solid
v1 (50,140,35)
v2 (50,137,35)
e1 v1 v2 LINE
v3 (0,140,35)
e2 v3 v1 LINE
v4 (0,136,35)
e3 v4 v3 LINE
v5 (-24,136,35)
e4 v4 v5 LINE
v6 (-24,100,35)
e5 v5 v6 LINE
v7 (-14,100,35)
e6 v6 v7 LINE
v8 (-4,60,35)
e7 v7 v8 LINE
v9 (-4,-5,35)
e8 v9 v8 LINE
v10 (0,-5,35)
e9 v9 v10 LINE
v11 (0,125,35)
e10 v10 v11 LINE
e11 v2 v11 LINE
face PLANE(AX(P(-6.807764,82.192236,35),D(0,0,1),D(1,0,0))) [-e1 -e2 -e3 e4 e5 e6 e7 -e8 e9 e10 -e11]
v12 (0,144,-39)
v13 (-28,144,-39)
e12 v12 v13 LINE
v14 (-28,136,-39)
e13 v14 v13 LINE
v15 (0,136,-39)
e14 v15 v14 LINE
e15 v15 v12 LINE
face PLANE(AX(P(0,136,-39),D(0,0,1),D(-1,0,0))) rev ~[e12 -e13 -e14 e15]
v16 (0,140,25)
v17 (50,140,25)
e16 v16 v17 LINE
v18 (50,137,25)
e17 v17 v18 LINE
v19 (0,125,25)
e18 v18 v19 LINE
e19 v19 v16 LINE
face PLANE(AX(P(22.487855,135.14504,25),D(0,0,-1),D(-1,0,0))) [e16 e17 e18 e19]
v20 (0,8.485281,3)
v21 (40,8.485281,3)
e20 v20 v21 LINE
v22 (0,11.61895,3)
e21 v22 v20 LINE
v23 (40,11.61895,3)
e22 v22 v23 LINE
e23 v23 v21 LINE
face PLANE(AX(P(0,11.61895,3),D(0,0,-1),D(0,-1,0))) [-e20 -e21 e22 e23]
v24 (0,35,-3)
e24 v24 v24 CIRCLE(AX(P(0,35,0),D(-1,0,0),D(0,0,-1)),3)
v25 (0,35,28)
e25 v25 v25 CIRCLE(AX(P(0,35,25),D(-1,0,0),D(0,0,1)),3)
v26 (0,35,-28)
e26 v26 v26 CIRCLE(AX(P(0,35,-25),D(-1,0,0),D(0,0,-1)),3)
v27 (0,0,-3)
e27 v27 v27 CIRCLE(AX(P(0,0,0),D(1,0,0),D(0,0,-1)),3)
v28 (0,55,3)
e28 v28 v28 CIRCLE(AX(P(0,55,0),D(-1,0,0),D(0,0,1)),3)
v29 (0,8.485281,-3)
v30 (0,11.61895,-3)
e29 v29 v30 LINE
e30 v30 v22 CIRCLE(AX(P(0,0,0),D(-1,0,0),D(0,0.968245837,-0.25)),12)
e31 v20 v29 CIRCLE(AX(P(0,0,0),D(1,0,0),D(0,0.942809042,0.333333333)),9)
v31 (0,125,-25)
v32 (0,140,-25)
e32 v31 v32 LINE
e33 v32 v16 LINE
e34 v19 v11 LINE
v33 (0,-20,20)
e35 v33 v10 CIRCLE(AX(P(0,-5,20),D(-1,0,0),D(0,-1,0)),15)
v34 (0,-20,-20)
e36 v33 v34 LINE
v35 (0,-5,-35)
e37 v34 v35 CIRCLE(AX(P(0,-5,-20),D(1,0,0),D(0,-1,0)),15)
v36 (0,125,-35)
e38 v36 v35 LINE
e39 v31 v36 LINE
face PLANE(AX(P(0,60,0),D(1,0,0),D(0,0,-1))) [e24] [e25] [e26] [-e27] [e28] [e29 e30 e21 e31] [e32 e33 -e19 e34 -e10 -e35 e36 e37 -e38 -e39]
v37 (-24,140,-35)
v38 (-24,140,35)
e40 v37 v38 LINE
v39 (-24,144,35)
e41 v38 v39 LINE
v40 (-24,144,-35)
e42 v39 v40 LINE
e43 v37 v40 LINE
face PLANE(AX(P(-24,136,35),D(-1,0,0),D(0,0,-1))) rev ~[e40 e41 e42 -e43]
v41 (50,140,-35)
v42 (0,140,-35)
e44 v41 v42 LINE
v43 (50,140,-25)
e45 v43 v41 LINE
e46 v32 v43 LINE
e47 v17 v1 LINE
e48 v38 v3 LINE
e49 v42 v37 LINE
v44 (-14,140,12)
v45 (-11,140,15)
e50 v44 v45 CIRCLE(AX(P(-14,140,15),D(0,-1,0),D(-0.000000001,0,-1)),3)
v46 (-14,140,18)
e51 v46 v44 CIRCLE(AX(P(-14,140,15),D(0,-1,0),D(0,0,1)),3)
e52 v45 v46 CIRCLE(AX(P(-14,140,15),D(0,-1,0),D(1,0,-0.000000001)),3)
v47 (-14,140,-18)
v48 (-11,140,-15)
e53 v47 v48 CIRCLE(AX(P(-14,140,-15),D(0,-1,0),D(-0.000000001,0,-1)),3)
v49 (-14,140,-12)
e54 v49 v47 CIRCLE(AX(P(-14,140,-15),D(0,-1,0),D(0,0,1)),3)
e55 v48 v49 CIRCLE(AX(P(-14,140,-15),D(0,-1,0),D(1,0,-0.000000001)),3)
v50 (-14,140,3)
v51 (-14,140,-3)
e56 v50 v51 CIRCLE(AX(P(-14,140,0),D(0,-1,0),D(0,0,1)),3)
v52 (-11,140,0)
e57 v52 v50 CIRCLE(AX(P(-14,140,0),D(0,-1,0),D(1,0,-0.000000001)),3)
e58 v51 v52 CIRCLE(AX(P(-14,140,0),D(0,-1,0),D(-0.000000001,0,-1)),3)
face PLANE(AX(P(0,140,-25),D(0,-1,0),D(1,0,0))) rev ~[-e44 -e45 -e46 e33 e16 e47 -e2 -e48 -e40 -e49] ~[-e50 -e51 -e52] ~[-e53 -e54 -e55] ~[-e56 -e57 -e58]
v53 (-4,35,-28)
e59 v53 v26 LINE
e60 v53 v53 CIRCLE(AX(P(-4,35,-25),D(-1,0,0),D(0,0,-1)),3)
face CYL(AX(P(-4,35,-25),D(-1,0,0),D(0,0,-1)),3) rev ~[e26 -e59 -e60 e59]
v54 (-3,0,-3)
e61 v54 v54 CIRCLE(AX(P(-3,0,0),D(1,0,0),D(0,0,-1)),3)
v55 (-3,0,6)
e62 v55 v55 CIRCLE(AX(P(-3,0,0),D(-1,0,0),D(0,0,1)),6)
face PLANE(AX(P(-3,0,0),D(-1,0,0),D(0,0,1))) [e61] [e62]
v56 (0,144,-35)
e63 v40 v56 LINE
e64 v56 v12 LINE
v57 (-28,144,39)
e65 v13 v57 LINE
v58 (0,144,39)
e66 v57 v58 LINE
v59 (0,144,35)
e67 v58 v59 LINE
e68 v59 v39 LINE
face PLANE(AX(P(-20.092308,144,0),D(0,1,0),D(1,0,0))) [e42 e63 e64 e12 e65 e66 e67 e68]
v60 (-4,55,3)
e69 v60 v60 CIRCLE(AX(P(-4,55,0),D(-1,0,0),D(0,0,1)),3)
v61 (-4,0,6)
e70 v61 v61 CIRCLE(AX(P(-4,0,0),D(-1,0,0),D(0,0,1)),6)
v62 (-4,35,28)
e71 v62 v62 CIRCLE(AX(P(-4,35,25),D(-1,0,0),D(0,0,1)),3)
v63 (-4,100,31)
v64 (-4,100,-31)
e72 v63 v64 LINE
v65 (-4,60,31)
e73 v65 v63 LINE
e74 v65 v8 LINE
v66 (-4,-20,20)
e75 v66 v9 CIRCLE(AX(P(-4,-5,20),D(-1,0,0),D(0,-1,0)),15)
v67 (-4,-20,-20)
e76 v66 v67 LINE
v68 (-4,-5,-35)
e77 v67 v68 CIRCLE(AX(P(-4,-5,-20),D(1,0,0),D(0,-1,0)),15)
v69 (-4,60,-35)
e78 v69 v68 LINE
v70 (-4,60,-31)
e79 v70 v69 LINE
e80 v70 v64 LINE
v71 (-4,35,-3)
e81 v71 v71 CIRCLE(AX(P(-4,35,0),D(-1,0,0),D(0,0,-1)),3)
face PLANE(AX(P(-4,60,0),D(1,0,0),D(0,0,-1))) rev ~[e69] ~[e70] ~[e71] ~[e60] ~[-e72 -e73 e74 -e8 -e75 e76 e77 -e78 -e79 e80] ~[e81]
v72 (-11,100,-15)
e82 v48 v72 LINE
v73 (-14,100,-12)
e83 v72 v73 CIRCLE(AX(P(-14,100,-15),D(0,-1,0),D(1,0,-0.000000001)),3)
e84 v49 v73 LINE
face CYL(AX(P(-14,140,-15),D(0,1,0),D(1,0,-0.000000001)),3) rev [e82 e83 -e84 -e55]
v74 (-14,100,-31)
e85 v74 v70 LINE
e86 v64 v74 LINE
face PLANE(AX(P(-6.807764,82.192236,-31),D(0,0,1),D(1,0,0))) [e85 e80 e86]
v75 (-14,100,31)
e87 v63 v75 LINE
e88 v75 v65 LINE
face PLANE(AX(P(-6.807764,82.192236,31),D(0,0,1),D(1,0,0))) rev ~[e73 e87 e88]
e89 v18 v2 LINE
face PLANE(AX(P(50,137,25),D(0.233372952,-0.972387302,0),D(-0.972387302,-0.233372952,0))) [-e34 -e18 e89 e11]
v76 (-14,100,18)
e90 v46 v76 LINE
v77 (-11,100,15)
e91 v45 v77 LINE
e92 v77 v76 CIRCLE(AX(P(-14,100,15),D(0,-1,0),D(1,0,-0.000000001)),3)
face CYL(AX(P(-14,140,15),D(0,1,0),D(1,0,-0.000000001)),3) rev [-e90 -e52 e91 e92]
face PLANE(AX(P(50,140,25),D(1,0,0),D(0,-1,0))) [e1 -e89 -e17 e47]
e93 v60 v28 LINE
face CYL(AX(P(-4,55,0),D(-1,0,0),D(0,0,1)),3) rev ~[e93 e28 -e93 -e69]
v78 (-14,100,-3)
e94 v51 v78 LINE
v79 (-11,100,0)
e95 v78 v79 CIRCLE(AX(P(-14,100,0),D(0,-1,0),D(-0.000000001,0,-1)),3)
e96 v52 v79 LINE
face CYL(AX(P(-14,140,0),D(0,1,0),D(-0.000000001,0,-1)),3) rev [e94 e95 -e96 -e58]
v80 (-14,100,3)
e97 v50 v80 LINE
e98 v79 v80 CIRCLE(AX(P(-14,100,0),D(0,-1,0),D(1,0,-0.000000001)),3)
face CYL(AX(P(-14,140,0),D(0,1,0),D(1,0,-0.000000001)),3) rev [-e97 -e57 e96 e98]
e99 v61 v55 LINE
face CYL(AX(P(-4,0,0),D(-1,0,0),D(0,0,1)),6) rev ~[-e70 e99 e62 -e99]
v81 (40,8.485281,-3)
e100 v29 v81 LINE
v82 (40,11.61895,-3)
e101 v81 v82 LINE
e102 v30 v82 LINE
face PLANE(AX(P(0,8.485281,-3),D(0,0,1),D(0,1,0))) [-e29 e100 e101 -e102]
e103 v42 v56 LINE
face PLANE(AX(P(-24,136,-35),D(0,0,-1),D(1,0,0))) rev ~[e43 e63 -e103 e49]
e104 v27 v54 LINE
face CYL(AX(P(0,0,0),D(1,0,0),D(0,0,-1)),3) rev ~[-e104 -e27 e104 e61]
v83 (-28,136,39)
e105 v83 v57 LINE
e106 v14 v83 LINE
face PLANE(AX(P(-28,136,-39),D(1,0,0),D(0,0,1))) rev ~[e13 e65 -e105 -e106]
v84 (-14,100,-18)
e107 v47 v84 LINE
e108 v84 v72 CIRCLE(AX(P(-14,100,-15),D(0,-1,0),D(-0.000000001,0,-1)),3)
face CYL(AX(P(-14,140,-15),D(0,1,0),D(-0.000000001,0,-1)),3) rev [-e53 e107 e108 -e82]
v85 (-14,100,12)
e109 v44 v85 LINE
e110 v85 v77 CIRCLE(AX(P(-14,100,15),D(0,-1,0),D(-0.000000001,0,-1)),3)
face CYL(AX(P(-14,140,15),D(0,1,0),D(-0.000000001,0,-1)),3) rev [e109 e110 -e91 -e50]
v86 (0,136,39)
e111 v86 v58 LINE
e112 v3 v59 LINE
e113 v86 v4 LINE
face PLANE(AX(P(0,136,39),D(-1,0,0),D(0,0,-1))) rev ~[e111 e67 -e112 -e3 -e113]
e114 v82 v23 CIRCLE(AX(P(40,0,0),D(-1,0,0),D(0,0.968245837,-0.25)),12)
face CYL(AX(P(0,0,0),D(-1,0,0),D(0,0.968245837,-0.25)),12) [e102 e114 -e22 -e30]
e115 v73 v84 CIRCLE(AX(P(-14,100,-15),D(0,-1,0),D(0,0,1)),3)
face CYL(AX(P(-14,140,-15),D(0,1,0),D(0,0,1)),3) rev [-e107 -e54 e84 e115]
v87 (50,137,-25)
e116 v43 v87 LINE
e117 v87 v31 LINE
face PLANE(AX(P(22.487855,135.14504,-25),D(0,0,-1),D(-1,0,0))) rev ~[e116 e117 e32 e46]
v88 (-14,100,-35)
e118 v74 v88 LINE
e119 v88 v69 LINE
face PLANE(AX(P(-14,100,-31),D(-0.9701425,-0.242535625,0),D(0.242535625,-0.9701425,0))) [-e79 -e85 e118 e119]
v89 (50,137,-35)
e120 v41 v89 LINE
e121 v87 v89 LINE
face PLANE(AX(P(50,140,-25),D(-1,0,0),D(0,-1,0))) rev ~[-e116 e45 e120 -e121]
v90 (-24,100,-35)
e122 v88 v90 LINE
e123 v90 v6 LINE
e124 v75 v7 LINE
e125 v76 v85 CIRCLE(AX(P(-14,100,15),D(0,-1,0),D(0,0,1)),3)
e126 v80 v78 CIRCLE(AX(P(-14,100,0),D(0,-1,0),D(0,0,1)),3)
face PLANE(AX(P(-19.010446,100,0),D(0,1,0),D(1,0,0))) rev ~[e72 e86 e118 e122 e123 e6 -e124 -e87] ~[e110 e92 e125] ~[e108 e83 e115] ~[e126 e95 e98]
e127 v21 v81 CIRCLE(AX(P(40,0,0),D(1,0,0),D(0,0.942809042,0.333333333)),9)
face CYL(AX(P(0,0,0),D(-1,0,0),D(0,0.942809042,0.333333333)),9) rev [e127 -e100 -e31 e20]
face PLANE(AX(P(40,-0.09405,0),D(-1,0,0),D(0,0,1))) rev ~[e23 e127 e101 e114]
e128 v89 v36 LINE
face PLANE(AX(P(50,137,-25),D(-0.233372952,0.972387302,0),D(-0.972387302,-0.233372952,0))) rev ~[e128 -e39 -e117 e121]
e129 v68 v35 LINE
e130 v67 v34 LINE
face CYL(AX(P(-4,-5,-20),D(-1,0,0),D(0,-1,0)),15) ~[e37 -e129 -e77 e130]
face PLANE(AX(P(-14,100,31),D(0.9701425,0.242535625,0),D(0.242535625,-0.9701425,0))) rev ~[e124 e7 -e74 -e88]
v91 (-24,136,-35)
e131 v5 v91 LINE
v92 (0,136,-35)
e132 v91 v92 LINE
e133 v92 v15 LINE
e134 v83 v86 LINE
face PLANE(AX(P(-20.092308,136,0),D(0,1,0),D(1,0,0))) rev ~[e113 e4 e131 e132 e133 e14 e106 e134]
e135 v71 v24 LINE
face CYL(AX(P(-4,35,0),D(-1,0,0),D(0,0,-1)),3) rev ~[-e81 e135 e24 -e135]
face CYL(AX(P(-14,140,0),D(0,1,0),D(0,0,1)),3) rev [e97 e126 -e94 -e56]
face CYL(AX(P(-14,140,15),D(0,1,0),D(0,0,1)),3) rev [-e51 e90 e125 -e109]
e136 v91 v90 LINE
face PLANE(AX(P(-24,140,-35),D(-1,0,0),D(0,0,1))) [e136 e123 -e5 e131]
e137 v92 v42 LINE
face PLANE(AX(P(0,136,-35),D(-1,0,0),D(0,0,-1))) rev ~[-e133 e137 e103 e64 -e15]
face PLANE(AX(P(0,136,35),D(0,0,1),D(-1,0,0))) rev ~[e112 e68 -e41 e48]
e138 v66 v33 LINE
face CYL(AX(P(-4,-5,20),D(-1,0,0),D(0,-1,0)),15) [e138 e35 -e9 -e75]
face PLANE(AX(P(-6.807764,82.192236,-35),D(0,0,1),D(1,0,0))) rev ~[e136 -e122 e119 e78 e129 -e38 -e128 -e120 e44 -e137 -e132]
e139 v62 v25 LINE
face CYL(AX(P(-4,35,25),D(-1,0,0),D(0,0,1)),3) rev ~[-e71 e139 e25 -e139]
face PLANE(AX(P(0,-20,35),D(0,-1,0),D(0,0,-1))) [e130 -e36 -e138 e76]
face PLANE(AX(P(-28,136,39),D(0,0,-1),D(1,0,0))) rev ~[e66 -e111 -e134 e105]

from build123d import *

# Parameters (mm, degrees)
SALIENTE_EXTRUIR1_DEPTH      = 40
SALIENTE_EXTRUIR2_DEPTH      = 4
CROQUIS3_R                   = 3
CORTAR_EXTRUIR1_DEPTH        = 4
CROQUIS4_R                   = 6
CORTAR_EXTRUIR2_DEPTH        = 1
SALIENTE_EXTRUIR3_DEPTH      = 40
SALIENTE_EXTRUIR4_START      = 25
SALIENTE_EXTRUIR4_DEPTH      = 10
SALIENTE_EXTRUIR5_START      = -25
SALIENTE_EXTRUIR5_DEPTH      = 10
SALIENTE_EXTRUIR6_DEPTH      = 4
SALIENTE_EXTRUIR6_DEPTH_BACK = 4
SALIENTE_EXTRUIR6_START      = 140
SALIENTE_EXTRUIR7_START      = 31
SALIENTE_EXTRUIR7_DEPTH      = 4
SALIENTE_EXTRUIR8_START      = -31
SALIENTE_EXTRUIR8_DEPTH      = 4
CORTAR_EXTRUIR3_DEPTH        = 4
CORTAR_EXTRUIR4_DEPTH        = 4
CROQUIS22_R                  = 3
CORTAR_EXTRUIR5_DEPTH        = 4


with BuildPart() as part:
    # Croquis1 → Saliente-Extruir1 (new body)
    with BuildSketch(Plane(origin=(0, 0, 0), x_dir=(0, 0, -1), z_dir=(1, 0, 0))):
        with BuildLine():
            Line((3, 9), (3, 11.618950039))
            ThreePointArc((3, 11.618950039), (0, -12), (-3, 11.618950039))
            Line((-3, 11.618950039), (-3, 9))
            Line((-3, 9), (-3, 8.485281374))
            ThreePointArc((-3, 8.485281374), (0, -9), (3, 8.485281374))
            Line((3, 8.485281374), (3, 9))
        make_face()
    extrude(amount=SALIENTE_EXTRUIR1_DEPTH)

    # Croquis2 → Saliente-Extruir2 (add)
    with BuildSketch(Plane.ZY):
        Polygon((-35, 0), (-35, 140), (35, 140), (35, 0), (35, -20), (-35, -20), align=None)
    extrude(amount=SALIENTE_EXTRUIR2_DEPTH)

    # Croquis3 → Cortar-Extruir1 (cut)
    with BuildSketch(Plane(origin=(0, 0, 0), x_dir=(0, 0, -1), z_dir=(1, 0, 0))):
        Circle(CROQUIS3_R)
    extrude(amount=-CORTAR_EXTRUIR1_DEPTH, mode=Mode.SUBTRACT)

    # Croquis4 → Cortar-Extruir2 (cut)
    with BuildSketch(Plane.ZY.offset(4)):
        Circle(CROQUIS4_R)
    extrude(amount=-CORTAR_EXTRUIR2_DEPTH, mode=Mode.SUBTRACT)

    # Croquis6 → Saliente-Extruir3 (add)
    with BuildSketch(Plane(origin=(0, 140, 0), x_dir=(1, 0, 0), z_dir=(0, 1, 0))):
        with BuildLine():
            Line((-14, 30), (-14, 35))
            Line((-14, 35), (-24, 35))
            Line((-24, 35), (-24, -35))
            Line((-24, -35), (-14, -35))
            Line((-14, -35), (-14, -30))
            Line((-14, -30), (-14, -18))
            ThreePointArc((-14, -18), (-17, -15), (-14, -12))
            Line((-14, -12), (-14, -3))
            ThreePointArc((-14, -3), (-17, 0), (-14, 3))
            Line((-14, 3), (-14, 12))
            ThreePointArc((-14, 12), (-17, 15), (-14, 18))
            Line((-14, 18), (-14, 30))
        make_face()
        with BuildLine():
            Line((-4, 35), (-14, 35))
            Line((-14, 35), (-14, 30))
            Line((-14, 30), (-14, 18))
            ThreePointArc((-14, 18), (-11.878679656, 17.121320344), (-11, 15))
            ThreePointArc((-11, 15), (-11.878679656, 12.878679656), (-14, 12))
            Line((-14, 12), (-14, 3))
            ThreePointArc((-14, 3), (-11.878679656, 2.121320344), (-11, 0))
            ThreePointArc((-11, 0), (-11.878679656, -2.121320344), (-14, -3))
            Line((-14, -3), (-14, -12))
            ThreePointArc((-14, -12), (-11.878679656, -12.878679656), (-11, -15))
            ThreePointArc((-11, -15), (-11.878679656, -17.121320344), (-14, -18))
            Line((-14, -18), (-14, -30))
            Line((-14, -30), (-14, -35))
            Line((-14, -35), (-4, -35))
            Line((-4, -35), (-4, 35))
        make_face()
    extrude(amount=-SALIENTE_EXTRUIR3_DEPTH)

    # Croquis7 → Saliente-Extruir4 (add)
    with BuildSketch(Plane.XY.offset(SALIENTE_EXTRUIR4_START)):
        Polygon((0, 140), (50, 140), (50, 137), (0, 125), align=None)
    extrude(amount=SALIENTE_EXTRUIR4_DEPTH)

    # Croquis8 → Saliente-Extruir5 (add)
    with BuildSketch(Plane.XY.offset(SALIENTE_EXTRUIR5_START)):
        Polygon((0, 140), (50, 140), (50, 137), (0, 125), align=None)
    extrude(amount=-SALIENTE_EXTRUIR5_DEPTH)

    # Croquis9 → Saliente-Extruir6 (add, two sides: drawn at the far end of the back side and taken through both)
    with BuildSketch(Plane(origin=(0, 0, 0), x_dir=(1, 0, 0), z_dir=(0, 1, 0)).offset(SALIENTE_EXTRUIR6_START - SALIENTE_EXTRUIR6_DEPTH_BACK)):
        Polygon((0, 35), (0, 39), (-28, 39), (-28, -39), (-24, -39), (0, -39), (0, -35), (-24, -35), (-24, 35), align=None)
    extrude(amount=SALIENTE_EXTRUIR6_DEPTH + SALIENTE_EXTRUIR6_DEPTH_BACK)

    # Croquis16 → Saliente-Extruir7 (add)
    with BuildSketch(Plane.XY.offset(SALIENTE_EXTRUIR7_START)):
        Polygon((-14, 100), (-4, 60), (-4, 100), align=None)
    extrude(amount=SALIENTE_EXTRUIR7_DEPTH)

    # Croquis17 → Saliente-Extruir8 (add)
    with BuildSketch(Plane.XY.offset(SALIENTE_EXTRUIR8_START)):
        Polygon((-4, 100), (-14, 100), (-4, 60), align=None)
    extrude(amount=-SALIENTE_EXTRUIR8_DEPTH)

    # Croquis19 → Cortar-Extruir3 (cut)
    with BuildSketch(Plane.ZY.offset(4)):
        with BuildLine():
            Line((-35, -20), (-20, -20))
            ThreePointArc((-20, -20), (-30.606601718, -15.606601718), (-35, -5))
            Line((-35, -5), (-35, -20))
        make_face()
        with BuildLine():
            Line((35, -20), (20, -20))
            ThreePointArc((20, -20), (30.606601718, -15.606601718), (35, -5))
            Line((35, -5), (35, -20))
        make_face()
    extrude(amount=-CORTAR_EXTRUIR3_DEPTH, mode=Mode.SUBTRACT)

    # Croquis20 → Cortar-Extruir4 (cut)
    with BuildSketch(Plane.ZY.offset(4)):
        with BuildLine():
            ThreePointArc((-22, 35), (-25, 38), (-28, 35))
            Line((-28, 35), (-22, 35))
        make_face()
        with BuildLine():
            Line((-22, 35), (-28, 35))
            ThreePointArc((-28, 35), (-25, 32), (-22, 35))
        make_face()
        with BuildLine():
            ThreePointArc((3, 35), (0, 38), (-3, 35))
            Line((-3, 35), (3, 35))
        make_face()
        with BuildLine():
            Line((3, 35), (-3, 35))
            ThreePointArc((-3, 35), (0, 32), (3, 35))
        make_face()
        with BuildLine():
            ThreePointArc((22, 35), (25, 32), (28, 35))
            Line((28, 35), (22, 35))
        make_face()
        with BuildLine():
            Line((22, 35), (28, 35))
            ThreePointArc((28, 35), (25, 38), (22, 35))
        make_face()
    extrude(amount=-CORTAR_EXTRUIR4_DEPTH, mode=Mode.SUBTRACT)

    # Croquis22 → Cortar-Extruir5 (cut)
    with BuildSketch(Plane.ZY.offset(4)):
        with Locations((0, 55)):
            Circle(CROQUIS22_R)
    extrude(amount=-CORTAR_EXTRUIR5_DEPTH, mode=Mode.SUBTRACT)


solid = part.part
